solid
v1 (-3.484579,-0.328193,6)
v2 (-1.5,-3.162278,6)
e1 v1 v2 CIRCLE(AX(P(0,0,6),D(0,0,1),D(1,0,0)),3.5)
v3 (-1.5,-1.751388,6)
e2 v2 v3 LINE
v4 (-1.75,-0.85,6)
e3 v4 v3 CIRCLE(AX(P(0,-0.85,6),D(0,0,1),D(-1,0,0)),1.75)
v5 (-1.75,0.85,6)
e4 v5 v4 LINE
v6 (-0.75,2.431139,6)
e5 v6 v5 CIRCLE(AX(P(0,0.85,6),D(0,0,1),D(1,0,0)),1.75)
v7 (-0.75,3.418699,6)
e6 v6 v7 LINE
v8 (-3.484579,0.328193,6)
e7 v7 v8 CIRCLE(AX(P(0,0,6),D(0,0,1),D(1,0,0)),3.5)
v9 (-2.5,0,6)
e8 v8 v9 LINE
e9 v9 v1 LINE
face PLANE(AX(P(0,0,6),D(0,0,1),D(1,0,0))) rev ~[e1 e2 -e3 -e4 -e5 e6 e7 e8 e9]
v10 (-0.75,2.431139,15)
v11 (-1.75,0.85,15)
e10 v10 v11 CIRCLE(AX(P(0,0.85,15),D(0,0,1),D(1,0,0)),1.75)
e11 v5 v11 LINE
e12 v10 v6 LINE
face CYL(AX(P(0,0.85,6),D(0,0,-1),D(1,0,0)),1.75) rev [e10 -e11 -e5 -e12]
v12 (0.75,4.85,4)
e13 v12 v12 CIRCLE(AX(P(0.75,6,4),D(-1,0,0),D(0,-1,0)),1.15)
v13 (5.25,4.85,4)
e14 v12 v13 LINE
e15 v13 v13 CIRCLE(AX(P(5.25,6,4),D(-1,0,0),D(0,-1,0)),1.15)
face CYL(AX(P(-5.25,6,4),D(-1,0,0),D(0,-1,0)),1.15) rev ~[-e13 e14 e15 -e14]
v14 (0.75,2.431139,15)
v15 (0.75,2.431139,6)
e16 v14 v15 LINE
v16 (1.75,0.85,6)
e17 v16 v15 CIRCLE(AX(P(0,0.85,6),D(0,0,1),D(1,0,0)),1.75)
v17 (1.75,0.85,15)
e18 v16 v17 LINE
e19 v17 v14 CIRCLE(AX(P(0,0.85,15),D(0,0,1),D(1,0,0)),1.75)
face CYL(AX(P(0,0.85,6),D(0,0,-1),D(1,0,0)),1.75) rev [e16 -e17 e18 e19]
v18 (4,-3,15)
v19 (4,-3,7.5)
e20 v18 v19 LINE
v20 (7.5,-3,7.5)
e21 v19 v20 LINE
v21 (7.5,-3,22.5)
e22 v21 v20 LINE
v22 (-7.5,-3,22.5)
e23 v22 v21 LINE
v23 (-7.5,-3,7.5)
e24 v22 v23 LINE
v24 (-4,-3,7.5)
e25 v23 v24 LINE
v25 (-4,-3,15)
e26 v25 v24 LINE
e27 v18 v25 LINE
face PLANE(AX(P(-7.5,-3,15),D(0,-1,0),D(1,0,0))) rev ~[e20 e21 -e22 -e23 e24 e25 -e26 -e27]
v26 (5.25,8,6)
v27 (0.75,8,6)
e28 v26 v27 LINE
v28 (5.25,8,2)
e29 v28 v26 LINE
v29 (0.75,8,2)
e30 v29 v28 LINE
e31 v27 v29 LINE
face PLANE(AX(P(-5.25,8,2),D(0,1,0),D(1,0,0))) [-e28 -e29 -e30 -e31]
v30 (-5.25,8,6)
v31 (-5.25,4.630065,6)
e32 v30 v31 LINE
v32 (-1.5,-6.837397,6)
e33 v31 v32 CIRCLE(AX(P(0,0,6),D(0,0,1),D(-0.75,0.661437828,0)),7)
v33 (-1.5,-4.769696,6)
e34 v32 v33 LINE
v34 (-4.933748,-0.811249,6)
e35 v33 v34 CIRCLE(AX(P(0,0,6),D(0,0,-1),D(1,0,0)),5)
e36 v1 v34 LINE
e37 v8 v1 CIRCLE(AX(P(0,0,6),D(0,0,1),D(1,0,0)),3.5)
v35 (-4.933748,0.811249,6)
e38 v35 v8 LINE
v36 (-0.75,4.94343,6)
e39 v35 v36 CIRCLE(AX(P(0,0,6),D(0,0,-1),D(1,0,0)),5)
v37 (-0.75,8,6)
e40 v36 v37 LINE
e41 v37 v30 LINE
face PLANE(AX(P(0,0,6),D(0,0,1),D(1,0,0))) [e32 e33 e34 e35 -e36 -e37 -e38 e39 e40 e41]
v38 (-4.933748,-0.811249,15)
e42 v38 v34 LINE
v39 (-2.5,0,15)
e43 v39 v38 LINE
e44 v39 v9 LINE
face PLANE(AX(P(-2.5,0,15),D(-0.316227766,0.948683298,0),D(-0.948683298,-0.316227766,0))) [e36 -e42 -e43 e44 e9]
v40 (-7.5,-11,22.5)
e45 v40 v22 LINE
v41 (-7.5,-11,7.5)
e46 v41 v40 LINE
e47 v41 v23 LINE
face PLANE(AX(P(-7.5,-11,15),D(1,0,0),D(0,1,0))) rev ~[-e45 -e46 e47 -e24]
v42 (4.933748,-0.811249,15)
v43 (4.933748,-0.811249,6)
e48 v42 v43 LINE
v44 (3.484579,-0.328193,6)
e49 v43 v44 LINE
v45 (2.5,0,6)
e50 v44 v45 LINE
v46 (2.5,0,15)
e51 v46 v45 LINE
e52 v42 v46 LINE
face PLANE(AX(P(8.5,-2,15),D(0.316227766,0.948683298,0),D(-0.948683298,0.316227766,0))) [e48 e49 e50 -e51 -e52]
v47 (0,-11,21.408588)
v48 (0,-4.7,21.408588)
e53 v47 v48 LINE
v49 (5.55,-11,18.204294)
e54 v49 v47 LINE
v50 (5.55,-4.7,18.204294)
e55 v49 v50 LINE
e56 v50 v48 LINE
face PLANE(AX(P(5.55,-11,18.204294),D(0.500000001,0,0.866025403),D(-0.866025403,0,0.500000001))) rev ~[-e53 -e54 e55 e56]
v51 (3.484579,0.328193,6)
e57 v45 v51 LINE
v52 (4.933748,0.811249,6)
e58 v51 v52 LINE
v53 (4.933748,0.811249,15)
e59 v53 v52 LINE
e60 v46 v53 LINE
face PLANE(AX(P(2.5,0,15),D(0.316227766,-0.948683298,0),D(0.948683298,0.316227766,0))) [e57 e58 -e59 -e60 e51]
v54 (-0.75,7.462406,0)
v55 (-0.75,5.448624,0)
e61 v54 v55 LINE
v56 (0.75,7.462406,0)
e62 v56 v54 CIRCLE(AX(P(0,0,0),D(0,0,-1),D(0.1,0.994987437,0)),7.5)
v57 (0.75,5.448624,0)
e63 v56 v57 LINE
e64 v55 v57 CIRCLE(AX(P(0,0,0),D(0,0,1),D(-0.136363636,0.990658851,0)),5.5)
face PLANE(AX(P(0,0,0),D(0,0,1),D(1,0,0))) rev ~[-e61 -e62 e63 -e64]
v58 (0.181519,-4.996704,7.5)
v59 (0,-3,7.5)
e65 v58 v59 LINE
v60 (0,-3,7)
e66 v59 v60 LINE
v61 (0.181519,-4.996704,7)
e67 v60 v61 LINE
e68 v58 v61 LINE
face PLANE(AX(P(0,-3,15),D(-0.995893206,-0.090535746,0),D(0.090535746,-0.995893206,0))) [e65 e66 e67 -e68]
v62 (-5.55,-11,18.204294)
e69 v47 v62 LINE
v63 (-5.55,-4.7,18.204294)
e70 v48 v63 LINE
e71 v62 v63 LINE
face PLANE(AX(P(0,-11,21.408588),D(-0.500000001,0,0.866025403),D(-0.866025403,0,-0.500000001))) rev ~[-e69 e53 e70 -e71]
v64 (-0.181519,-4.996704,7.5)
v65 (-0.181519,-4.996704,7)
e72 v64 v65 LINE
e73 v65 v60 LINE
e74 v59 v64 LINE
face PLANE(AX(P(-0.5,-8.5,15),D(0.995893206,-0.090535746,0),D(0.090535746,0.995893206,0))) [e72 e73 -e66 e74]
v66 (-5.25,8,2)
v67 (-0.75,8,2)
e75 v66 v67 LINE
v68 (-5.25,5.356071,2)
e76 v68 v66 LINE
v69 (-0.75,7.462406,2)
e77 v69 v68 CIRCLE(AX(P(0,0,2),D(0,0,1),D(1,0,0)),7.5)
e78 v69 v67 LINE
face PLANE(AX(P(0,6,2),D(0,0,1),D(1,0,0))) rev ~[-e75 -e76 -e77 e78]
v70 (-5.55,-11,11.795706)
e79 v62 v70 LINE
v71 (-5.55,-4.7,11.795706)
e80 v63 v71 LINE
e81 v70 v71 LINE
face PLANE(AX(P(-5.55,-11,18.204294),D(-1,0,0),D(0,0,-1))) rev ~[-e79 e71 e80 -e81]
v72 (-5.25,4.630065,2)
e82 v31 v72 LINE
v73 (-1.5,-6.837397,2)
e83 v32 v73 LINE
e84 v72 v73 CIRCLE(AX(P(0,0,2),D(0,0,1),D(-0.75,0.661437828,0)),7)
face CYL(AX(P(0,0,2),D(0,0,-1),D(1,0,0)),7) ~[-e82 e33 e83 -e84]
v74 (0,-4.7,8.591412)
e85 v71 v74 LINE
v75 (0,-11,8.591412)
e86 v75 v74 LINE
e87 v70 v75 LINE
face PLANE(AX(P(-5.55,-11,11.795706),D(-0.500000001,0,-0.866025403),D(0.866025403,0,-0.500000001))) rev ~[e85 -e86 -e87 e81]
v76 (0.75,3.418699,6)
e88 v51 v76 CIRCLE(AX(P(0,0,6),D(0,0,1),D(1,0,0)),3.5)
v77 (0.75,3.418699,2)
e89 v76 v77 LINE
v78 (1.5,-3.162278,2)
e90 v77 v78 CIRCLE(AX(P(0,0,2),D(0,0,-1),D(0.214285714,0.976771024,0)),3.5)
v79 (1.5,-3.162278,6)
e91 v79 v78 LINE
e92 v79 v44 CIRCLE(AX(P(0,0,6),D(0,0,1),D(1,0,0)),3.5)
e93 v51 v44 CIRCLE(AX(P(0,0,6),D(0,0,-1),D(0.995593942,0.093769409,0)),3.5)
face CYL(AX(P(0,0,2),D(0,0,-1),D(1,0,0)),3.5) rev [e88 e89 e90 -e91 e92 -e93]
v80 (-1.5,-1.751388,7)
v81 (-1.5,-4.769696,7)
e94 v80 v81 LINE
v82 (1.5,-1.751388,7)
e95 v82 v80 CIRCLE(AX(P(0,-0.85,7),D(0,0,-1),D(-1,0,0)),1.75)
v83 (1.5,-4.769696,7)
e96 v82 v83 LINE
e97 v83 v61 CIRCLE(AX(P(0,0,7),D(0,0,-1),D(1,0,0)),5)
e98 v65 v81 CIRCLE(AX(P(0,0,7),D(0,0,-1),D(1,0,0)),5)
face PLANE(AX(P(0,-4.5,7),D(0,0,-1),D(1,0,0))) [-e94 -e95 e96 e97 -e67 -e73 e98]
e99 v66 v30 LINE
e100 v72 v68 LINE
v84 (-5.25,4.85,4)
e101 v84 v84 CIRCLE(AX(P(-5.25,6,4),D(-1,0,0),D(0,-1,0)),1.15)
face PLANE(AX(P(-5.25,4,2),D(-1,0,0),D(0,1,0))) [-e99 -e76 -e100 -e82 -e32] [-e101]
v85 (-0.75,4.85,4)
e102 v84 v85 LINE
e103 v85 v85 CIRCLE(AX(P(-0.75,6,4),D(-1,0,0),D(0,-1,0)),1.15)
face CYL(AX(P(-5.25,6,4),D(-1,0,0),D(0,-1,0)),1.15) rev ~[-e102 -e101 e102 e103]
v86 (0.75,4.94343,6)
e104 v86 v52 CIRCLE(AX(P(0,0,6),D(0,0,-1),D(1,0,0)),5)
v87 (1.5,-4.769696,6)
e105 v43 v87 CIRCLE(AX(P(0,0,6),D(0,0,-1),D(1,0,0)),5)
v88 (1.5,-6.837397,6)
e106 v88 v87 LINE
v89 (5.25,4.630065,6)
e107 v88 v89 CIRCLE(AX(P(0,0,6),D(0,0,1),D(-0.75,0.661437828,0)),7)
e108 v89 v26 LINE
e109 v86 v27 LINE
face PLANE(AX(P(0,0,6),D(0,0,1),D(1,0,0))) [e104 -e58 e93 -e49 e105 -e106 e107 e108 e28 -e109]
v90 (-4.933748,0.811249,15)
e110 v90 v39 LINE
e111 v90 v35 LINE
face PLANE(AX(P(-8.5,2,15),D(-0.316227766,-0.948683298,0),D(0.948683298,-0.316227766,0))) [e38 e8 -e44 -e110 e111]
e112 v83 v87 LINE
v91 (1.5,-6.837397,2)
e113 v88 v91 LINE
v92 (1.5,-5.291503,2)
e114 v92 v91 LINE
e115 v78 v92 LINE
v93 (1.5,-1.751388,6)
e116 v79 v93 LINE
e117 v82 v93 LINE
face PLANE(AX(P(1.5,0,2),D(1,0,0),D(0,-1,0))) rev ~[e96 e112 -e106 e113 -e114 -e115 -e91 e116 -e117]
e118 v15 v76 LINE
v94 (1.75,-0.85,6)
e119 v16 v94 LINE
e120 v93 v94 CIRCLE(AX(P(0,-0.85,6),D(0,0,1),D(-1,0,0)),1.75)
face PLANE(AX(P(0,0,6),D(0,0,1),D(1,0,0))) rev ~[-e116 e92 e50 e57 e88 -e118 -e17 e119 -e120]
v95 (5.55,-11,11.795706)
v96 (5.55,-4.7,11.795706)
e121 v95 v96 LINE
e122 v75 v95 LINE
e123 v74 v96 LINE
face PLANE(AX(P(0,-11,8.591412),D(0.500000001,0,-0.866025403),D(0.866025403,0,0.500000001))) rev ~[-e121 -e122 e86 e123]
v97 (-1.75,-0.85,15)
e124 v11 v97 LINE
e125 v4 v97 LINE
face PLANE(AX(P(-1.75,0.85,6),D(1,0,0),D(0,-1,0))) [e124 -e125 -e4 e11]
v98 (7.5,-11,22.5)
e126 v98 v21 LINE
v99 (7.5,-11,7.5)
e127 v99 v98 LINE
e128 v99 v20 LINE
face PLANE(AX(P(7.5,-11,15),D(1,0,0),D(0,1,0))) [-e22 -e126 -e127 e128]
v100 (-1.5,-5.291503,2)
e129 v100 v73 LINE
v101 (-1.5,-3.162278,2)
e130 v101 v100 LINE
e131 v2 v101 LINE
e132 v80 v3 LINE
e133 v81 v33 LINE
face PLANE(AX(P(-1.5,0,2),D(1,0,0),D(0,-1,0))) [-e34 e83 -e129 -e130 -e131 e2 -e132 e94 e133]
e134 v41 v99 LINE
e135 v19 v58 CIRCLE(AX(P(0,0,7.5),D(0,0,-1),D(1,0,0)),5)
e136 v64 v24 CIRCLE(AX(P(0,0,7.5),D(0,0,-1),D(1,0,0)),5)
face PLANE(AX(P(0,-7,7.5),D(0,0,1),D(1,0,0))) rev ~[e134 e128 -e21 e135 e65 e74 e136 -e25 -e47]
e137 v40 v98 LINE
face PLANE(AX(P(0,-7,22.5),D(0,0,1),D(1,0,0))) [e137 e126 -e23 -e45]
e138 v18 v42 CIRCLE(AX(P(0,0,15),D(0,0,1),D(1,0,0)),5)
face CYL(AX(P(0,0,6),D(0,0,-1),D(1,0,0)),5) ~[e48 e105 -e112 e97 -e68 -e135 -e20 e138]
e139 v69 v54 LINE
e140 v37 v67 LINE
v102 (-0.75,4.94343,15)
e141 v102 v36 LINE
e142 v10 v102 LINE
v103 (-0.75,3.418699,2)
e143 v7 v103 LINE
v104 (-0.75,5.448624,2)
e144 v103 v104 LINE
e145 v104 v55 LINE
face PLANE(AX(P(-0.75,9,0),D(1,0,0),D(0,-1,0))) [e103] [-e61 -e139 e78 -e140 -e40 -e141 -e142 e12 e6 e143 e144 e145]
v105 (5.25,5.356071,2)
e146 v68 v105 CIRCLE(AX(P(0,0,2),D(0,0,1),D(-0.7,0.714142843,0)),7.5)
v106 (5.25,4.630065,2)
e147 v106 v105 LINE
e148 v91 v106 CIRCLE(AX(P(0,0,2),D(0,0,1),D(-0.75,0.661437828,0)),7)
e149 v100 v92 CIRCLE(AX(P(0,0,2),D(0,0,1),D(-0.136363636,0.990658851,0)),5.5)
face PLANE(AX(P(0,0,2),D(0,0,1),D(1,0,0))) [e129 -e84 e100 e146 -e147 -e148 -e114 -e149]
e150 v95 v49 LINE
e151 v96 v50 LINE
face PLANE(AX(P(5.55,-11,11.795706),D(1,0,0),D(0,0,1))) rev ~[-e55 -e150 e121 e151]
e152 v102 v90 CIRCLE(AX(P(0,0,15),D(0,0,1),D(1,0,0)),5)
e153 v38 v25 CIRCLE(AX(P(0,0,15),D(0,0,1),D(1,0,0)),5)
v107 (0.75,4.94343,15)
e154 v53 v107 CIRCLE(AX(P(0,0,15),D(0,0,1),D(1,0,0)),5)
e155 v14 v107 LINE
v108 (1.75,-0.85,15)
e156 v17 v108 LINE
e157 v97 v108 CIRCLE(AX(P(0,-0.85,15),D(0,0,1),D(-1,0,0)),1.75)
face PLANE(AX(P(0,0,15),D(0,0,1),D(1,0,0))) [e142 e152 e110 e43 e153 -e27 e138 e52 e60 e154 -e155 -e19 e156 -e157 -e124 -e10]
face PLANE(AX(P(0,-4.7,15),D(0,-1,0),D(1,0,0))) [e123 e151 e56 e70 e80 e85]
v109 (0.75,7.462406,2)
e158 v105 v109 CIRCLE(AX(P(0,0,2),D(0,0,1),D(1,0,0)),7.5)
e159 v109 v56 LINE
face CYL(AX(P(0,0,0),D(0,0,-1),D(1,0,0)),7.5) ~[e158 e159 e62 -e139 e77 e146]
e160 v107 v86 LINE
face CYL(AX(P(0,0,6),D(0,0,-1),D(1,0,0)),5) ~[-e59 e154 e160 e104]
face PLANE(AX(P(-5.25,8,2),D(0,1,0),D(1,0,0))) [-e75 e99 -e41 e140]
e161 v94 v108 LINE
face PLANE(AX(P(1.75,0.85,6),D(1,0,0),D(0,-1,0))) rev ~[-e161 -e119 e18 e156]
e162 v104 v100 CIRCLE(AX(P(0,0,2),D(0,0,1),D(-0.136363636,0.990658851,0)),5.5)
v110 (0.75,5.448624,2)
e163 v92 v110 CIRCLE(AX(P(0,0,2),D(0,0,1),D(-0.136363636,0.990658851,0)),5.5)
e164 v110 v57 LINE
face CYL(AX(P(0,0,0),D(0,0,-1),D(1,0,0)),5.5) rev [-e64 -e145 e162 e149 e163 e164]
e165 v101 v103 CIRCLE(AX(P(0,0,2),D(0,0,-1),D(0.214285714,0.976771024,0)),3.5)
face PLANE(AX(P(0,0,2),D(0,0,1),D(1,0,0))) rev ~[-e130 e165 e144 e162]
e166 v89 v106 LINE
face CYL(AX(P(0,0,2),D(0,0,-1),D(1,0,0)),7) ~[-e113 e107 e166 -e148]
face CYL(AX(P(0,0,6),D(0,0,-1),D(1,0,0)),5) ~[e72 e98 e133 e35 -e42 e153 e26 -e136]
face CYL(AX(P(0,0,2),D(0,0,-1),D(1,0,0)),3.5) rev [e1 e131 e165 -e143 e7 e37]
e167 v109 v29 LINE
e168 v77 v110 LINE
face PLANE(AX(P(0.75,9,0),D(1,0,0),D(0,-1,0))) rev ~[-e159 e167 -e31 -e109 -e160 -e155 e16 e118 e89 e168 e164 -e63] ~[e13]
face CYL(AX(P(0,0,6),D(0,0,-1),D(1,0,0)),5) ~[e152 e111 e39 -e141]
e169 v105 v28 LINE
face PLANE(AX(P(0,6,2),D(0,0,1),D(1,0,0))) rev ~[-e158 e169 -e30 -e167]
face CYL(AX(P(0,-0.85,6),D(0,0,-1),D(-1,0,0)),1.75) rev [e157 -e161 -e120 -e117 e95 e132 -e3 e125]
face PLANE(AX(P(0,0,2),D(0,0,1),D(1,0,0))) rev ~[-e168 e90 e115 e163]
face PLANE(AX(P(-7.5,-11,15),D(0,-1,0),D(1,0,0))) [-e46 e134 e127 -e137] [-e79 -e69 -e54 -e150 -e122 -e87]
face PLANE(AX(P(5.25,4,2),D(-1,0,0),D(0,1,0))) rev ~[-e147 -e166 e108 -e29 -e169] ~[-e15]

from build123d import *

# Parameters (mm, degrees)
SKETCH_R        = 7.5
SKETCH_R_2      = 5.5
PAD_DEPTH       = 2
SKETCH001_R     = 7
SKETCH001_R_2   = 3.5
PAD001_DEPTH    = 4
SKETCH002_R     = 5
PAD002_DEPTH    = 9
SKETCH003_W     = 10.5
SKETCH003_H     = 4
PAD003_DEPTH    = 4
SKETCH004_R     = 1.15
POCKET_DEPTH    = 12.751
SKETCH005_R     = 9
POCKET001_DEPTH = 9
SKETCH006_W     = 1.5
SKETCH006_H     = 9
POCKET002_DEPTH = 15.001
SKETCH007_W     = 3
SKETCH007_H     = 9
POCKET003_DEPTH = 5
SKETCH008_W     = 15
SKETCH008_H     = 8
PAD004_DEPTH    = 7.5
POCKET004_DEPTH = 6.3


with BuildPart() as part:
    # Sketch → Pad (new body)
    with BuildSketch(Plane.XY):
        Circle(SKETCH_R)
        Circle(SKETCH_R_2, mode=Mode.SUBTRACT)
    extrude(amount=PAD_DEPTH)

    # Sketch001 (on Face4 of Pad) → Pad001 (join)
    with BuildSketch(Plane.XY.offset(2)):
        Circle(SKETCH001_R)
        Circle(SKETCH001_R_2, mode=Mode.SUBTRACT)
    extrude(amount=PAD001_DEPTH)

    # Sketch002 (on Face7 of Pad001) → Pad002 (join)
    with BuildSketch(Plane.XY.offset(6)):
        Circle(SKETCH002_R)
        with BuildLine():
            ThreePointArc((1.75, 0.85), (0, 2.6), (-1.75, 0.85))
            Line((-1.75, 0.85), (-1.75, -0.85))
            ThreePointArc((-1.75, -0.85), (0, -2.6), (1.75, -0.85))
            Line((1.75, 0.85), (1.75, -0.85))
        make_face(mode=Mode.SUBTRACT)
    extrude(amount=PAD002_DEPTH)

    # Sketch003 (on Face3 of Pad002) → Pad003 (join)
    with BuildSketch(Plane.XY.offset(2)):
        with Locations((0, 6)):
            Rectangle(SKETCH003_W, SKETCH003_H)
    extrude(amount=PAD003_DEPTH)

    # Sketch004 (on Face6 of Pad003) → Pocket (cut, through all)
    with BuildSketch(Plane(origin=(-5.25, 0, 0), x_dir=(0, -1, 0), z_dir=(-1, 0, 0))):
        with Locations((-6, 4)):
            Circle(SKETCH004_R)
    extrude(amount=-POCKET_DEPTH, mode=Mode.SUBTRACT)

    # Sketch005 (on Face20 of Pocket) → Pocket001 (cut)
    with BuildSketch(Plane.XY.offset(15)):
        Circle(SKETCH005_R)
        Polygon((0.5, 8.5), (0, 3), (-0.5, 8.5), (-8.5, 2), (-2.5, 0), (-8.5, -2), (-0.5, -8.5), (0, -3), (0.5, -8.5), (8.5, -2), (2.5, 0), (8.5, 2), align=None, mode=Mode.SUBTRACT)
    extrude(amount=-POCKET001_DEPTH, mode=Mode.SUBTRACT)

    # Sketch006 (on Face2 of Pocket001) → Pocket002 (cut, through all)
    with BuildSketch(Plane(origin=(0, 0, 0), x_dir=(1, 0, 0), z_dir=(0, 0, -1))):
        with Locations((0, -4.5)):
            Rectangle(SKETCH006_W, SKETCH006_H)
    extrude(amount=-POCKET002_DEPTH, mode=Mode.SUBTRACT)

    # Sketch007 (on Face16 of Pocket002) → Pocket003 (cut)
    with BuildSketch(Plane(origin=(0, 0, 2), x_dir=(1, 0, 0), z_dir=(0, 0, -1))):
        with Locations((0, 4.5)):
            Rectangle(SKETCH007_W, SKETCH007_H)
    extrude(amount=-POCKET003_DEPTH, mode=Mode.SUBTRACT)

    # Sketch008 (on Face24 of Pocket003) → Pad004 (join, symmetric)
    with BuildSketch(Plane.XY.offset(15)):
        with Locations((0, -7)):
            Rectangle(SKETCH008_W, SKETCH008_H)
    extrude(amount=PAD004_DEPTH, both=True)

    # Sketch009 (on Face78 of Pad004) → Pocket004 (cut)
    with BuildSketch(Plane.XZ.offset(11)):
        Polygon((0, 21.408588), (-5.55, 18.204294), (-5.55, 11.795706), (0, 8.591412), (5.55, 11.795706), (5.55, 18.204294), align=None)
    extrude(amount=-POCKET004_DEPTH, mode=Mode.SUBTRACT)


solid = part.part
